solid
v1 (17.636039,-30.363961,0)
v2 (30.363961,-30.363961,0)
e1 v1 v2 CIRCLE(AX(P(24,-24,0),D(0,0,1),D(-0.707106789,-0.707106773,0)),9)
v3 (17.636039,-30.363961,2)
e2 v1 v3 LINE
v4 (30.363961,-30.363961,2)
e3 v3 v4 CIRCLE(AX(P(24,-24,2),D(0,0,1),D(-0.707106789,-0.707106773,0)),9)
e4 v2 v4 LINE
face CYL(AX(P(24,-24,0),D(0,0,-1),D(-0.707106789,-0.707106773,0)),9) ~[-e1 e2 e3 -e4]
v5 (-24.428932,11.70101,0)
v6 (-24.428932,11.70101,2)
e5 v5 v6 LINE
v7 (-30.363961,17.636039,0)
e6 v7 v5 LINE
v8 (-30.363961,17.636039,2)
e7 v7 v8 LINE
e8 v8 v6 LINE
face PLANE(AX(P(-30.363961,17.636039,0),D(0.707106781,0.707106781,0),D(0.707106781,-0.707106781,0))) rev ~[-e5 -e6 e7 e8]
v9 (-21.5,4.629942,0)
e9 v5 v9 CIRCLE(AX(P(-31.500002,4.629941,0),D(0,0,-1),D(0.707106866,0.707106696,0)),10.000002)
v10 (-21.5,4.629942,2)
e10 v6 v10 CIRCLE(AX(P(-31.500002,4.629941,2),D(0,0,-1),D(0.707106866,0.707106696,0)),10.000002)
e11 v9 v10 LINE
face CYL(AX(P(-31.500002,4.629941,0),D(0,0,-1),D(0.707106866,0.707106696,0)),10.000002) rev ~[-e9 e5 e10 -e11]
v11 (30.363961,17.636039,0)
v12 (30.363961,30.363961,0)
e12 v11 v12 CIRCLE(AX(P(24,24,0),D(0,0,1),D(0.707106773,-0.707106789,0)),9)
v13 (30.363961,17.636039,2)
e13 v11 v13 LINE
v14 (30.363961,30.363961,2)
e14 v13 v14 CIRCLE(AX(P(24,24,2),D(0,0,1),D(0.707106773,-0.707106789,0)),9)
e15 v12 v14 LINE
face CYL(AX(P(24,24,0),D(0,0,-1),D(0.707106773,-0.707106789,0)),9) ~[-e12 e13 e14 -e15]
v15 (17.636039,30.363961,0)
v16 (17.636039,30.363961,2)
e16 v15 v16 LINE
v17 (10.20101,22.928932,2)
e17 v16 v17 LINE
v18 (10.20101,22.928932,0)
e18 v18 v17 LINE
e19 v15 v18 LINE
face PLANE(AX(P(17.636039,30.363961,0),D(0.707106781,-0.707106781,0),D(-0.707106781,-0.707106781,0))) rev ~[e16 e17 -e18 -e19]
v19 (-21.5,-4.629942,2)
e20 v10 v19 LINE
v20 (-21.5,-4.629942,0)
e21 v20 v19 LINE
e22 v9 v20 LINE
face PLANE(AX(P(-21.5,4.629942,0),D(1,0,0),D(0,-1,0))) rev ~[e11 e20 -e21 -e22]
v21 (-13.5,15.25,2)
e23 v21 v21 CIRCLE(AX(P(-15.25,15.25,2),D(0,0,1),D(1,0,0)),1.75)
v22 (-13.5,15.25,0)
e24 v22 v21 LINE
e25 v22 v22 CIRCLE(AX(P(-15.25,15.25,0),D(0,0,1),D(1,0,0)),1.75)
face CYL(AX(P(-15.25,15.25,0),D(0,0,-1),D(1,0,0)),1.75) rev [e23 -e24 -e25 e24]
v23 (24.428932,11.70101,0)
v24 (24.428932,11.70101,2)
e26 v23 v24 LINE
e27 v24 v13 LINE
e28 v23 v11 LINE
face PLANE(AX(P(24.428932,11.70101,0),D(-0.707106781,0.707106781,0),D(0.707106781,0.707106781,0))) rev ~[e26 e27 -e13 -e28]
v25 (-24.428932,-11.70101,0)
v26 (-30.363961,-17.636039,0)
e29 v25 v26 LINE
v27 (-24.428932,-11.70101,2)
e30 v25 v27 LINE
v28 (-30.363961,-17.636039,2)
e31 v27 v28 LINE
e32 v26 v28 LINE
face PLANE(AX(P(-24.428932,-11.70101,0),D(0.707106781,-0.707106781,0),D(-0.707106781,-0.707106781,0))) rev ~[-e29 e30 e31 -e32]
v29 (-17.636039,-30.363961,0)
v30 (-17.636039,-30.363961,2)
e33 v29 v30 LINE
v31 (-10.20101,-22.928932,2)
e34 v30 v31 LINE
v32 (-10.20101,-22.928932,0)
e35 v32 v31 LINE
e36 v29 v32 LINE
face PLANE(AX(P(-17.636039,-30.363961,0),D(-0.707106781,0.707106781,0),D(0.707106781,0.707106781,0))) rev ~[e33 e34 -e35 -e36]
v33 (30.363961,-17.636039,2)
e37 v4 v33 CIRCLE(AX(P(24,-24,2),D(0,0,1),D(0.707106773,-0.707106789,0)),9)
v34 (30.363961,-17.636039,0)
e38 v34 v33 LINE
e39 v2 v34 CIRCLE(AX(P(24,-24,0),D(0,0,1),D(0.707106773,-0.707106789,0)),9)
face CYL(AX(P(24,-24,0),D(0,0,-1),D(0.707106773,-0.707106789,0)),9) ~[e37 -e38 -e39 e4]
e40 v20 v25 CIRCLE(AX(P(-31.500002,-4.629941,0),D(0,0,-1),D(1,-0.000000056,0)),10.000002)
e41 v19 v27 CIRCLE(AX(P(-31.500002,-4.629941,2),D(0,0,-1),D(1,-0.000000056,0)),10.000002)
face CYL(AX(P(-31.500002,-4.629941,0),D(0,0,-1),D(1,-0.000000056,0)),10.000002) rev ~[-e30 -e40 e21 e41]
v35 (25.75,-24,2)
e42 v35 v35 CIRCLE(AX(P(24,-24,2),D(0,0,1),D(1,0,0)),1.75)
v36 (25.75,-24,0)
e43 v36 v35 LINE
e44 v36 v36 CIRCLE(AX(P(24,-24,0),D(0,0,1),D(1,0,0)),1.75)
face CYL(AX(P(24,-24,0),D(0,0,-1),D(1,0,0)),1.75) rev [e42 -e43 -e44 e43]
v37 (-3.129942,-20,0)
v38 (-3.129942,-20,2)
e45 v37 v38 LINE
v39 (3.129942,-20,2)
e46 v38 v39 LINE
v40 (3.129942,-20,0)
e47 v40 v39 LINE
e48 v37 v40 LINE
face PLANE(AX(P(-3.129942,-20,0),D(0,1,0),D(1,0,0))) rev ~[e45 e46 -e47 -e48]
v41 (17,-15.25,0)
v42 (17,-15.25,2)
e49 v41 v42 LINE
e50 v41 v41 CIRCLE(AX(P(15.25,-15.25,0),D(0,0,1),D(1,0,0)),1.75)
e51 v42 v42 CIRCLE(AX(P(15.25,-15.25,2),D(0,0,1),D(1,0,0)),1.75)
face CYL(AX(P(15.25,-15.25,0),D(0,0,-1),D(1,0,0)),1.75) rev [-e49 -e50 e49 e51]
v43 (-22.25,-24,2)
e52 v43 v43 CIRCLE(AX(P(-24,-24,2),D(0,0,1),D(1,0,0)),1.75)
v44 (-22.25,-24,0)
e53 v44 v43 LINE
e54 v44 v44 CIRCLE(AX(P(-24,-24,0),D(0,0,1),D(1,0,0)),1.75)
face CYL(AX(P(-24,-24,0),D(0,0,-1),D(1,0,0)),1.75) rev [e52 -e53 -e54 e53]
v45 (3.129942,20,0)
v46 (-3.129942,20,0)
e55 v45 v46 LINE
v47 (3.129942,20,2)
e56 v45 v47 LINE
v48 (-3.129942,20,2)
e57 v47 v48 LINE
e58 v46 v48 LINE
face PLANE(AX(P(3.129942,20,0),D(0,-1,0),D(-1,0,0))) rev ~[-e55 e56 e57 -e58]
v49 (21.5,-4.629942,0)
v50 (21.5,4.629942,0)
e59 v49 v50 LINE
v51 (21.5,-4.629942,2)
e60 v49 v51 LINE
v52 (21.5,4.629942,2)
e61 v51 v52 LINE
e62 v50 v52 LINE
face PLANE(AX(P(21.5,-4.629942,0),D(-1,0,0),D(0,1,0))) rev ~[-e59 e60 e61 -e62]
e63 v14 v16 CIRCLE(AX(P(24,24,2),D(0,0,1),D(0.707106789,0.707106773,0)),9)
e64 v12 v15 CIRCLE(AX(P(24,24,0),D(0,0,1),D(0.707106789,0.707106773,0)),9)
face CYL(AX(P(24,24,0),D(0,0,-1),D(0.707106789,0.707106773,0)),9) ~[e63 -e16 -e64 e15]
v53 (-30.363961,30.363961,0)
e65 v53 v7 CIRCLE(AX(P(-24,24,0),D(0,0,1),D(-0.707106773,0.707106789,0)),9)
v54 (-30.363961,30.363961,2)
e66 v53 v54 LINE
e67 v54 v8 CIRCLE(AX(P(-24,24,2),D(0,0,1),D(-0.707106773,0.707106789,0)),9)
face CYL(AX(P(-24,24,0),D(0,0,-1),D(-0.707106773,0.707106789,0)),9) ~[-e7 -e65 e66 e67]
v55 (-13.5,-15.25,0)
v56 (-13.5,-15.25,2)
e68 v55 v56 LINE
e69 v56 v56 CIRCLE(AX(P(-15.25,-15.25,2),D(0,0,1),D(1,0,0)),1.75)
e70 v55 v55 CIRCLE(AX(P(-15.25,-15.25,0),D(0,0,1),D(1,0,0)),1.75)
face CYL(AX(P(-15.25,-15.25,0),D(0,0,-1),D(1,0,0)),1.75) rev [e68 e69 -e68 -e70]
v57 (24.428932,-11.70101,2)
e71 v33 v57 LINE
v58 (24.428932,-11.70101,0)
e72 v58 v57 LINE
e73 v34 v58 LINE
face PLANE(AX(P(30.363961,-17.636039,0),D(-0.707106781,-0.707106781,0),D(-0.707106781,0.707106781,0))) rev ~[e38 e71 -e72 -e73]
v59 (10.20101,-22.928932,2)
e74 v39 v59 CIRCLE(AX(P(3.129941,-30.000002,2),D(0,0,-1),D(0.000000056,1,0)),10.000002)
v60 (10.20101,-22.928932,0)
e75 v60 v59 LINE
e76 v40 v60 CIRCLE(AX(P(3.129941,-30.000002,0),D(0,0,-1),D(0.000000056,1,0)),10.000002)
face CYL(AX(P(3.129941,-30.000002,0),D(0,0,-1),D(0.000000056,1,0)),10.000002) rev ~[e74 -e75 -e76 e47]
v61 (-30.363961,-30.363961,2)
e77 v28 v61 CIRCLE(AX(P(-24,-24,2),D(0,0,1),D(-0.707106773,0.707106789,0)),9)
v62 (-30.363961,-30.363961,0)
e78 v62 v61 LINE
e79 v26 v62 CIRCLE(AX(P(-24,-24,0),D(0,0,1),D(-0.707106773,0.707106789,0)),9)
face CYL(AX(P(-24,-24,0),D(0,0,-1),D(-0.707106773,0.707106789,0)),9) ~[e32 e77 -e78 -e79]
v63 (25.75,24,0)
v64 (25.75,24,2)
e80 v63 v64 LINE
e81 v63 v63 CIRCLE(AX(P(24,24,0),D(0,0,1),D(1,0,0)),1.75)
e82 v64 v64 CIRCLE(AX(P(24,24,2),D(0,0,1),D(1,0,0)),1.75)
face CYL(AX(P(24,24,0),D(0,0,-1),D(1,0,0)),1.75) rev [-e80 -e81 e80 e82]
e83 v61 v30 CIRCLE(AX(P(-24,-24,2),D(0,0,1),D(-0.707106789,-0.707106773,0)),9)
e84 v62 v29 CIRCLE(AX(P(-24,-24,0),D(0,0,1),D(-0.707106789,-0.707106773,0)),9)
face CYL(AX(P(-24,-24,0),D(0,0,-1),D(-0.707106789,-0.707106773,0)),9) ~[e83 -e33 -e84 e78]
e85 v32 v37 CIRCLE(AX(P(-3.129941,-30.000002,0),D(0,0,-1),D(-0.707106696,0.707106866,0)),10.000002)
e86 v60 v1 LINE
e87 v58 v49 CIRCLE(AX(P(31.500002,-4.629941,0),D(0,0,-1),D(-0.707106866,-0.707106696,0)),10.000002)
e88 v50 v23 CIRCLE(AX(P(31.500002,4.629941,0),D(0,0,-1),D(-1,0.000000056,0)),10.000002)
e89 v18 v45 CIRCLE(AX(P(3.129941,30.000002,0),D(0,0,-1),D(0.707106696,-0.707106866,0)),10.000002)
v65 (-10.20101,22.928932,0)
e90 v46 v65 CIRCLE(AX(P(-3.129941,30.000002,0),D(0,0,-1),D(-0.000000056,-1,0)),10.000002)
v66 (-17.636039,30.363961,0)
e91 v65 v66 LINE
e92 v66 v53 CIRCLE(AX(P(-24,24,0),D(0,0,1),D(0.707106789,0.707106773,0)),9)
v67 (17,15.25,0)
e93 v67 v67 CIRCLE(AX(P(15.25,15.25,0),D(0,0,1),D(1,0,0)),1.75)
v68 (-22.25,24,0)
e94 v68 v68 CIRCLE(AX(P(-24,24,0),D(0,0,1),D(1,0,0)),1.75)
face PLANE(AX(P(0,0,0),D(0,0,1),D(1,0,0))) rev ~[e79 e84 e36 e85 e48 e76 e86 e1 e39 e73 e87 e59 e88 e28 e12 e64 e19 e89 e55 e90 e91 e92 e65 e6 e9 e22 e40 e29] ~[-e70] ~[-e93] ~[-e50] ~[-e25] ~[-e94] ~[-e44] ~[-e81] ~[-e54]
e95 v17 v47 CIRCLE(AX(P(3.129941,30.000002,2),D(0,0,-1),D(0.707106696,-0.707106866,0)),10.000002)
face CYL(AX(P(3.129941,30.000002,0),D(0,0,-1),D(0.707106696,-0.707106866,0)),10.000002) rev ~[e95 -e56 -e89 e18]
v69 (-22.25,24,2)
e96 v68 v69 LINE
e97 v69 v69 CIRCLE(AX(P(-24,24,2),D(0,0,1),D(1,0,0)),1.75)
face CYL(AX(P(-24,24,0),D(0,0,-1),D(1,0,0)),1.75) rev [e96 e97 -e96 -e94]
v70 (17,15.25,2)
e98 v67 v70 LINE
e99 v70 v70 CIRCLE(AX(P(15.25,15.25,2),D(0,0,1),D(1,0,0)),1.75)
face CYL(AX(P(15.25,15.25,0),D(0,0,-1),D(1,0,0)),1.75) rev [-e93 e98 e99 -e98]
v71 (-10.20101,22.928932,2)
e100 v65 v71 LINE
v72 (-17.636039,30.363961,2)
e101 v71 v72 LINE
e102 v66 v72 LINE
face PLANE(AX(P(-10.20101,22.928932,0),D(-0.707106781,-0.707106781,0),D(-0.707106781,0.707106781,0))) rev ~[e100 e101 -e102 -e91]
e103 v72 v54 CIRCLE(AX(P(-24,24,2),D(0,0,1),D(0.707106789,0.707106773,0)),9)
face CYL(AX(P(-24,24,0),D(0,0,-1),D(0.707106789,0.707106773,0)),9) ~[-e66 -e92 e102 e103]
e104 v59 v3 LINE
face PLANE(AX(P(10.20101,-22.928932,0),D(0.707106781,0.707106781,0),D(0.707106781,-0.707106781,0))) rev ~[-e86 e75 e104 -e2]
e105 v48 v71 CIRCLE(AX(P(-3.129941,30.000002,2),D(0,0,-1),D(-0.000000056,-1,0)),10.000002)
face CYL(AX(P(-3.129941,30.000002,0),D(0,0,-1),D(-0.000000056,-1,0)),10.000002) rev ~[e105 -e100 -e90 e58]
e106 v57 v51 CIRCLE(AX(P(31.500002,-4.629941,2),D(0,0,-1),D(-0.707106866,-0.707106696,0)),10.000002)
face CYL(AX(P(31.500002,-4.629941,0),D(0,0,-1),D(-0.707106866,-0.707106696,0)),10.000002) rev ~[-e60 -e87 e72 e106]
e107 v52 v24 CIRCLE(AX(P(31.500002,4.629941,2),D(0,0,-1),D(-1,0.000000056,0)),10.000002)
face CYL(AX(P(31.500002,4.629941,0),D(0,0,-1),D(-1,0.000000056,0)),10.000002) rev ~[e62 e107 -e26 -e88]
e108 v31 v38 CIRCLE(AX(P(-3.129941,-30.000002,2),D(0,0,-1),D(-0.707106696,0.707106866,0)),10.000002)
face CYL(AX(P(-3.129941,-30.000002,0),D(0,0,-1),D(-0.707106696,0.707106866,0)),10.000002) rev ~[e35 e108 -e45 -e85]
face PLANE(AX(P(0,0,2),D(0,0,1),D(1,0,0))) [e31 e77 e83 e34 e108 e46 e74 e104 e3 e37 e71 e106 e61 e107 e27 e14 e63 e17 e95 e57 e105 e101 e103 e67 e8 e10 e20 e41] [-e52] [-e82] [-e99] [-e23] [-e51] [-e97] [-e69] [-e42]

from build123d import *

# Parameters (mm, degrees)
F0_R     = 1.75
F1_DEPTH = 2


with BuildPart() as f1:
    # F0 (on Top) → F1 (new body)
    with BuildSketch(Plane.XY):
        with BuildLine():
            ThreePointArc((-30.363961, 30.363961), (-33, 24), (-30.363961, 17.636039))
            Line((-30.363961, 17.636039), (-24.428932, 11.70101))
            ThreePointArc((-24.428932, 11.70101), (-22.261205, 8.456777), (-21.5, 4.629942))
            Line((-21.5, 4.629942), (-21.5, 0))
            Line((-21.5, 0), (-21.5, -4.629942))
            ThreePointArc((-21.5, -4.629942), (-22.261205, -8.456777), (-24.428932, -11.70101))
            Line((-24.428932, -11.70101), (-30.363961, -17.636039))
            ThreePointArc((-30.363961, -17.636039), (-33, -24), (-30.363961, -30.363961))
            ThreePointArc((-30.363961, -30.363961), (-24, -33), (-17.636039, -30.363961))
            Line((-17.636039, -30.363961), (-10.20101, -22.928932))
            ThreePointArc((-10.20101, -22.928932), (-6.956777, -20.761205), (-3.129942, -20))
            Line((-3.129942, -20), (0, -20))
            Line((0, -20), (3.129942, -20))
            ThreePointArc((3.129942, -20), (6.956777, -20.761205), (10.20101, -22.928932))
            Line((10.20101, -22.928932), (17.636039, -30.363961))
            ThreePointArc((17.636039, -30.363961), (24, -33), (30.363961, -30.363961))
            ThreePointArc((30.363961, -30.363961), (33, -24), (30.363961, -17.636039))
            Line((30.363961, -17.636039), (24.428932, -11.70101))
            ThreePointArc((24.428932, -11.70101), (22.261205, -8.456777), (21.5, -4.629942))
            Line((21.5, -4.629942), (21.5, 0))
            Line((21.5, 0), (21.5, 4.629942))
            ThreePointArc((21.5, 4.629942), (22.261205, 8.456777), (24.428932, 11.70101))
            Line((24.428932, 11.70101), (30.363961, 17.636039))
            ThreePointArc((30.363961, 17.636039), (33, 24), (30.363961, 30.363961))
            ThreePointArc((30.363961, 30.363961), (24, 33), (17.636039, 30.363961))
            Line((17.636039, 30.363961), (10.20101, 22.928932))
            ThreePointArc((10.20101, 22.928932), (6.956777, 20.761205), (3.129942, 20))
            Line((3.129942, 20), (0, 20))
            Line((0, 20), (-3.129942, 20))
            ThreePointArc((-3.129942, 20), (-6.956777, 20.761205), (-10.20101, 22.928932))
            Line((-10.20101, 22.928932), (-17.636039, 30.363961))
            ThreePointArc((-17.636039, 30.363961), (-24, 33), (-30.363961, 30.363961))
        make_face()
        with Locations((-24, -24)):
            Circle(F0_R, mode=Mode.SUBTRACT)
        with Locations((-15.25, -15.25)):
            Circle(F0_R, mode=Mode.SUBTRACT)
        with Locations((24, -24)):
            Circle(F0_R, mode=Mode.SUBTRACT)
        with Locations((15.25, -15.25)):
            Circle(F0_R, mode=Mode.SUBTRACT)
        with Locations((-15.25, 15.25)):
            Circle(F0_R, mode=Mode.SUBTRACT)
        with Locations((-24, 24)):
            Circle(F0_R, mode=Mode.SUBTRACT)
        with Locations((15.25, 15.25)):
            Circle(F0_R, mode=Mode.SUBTRACT)
        with Locations((24, 24)):
            Circle(F0_R, mode=Mode.SUBTRACT)
    extrude(amount=F1_DEPTH)


solid = f1.part
